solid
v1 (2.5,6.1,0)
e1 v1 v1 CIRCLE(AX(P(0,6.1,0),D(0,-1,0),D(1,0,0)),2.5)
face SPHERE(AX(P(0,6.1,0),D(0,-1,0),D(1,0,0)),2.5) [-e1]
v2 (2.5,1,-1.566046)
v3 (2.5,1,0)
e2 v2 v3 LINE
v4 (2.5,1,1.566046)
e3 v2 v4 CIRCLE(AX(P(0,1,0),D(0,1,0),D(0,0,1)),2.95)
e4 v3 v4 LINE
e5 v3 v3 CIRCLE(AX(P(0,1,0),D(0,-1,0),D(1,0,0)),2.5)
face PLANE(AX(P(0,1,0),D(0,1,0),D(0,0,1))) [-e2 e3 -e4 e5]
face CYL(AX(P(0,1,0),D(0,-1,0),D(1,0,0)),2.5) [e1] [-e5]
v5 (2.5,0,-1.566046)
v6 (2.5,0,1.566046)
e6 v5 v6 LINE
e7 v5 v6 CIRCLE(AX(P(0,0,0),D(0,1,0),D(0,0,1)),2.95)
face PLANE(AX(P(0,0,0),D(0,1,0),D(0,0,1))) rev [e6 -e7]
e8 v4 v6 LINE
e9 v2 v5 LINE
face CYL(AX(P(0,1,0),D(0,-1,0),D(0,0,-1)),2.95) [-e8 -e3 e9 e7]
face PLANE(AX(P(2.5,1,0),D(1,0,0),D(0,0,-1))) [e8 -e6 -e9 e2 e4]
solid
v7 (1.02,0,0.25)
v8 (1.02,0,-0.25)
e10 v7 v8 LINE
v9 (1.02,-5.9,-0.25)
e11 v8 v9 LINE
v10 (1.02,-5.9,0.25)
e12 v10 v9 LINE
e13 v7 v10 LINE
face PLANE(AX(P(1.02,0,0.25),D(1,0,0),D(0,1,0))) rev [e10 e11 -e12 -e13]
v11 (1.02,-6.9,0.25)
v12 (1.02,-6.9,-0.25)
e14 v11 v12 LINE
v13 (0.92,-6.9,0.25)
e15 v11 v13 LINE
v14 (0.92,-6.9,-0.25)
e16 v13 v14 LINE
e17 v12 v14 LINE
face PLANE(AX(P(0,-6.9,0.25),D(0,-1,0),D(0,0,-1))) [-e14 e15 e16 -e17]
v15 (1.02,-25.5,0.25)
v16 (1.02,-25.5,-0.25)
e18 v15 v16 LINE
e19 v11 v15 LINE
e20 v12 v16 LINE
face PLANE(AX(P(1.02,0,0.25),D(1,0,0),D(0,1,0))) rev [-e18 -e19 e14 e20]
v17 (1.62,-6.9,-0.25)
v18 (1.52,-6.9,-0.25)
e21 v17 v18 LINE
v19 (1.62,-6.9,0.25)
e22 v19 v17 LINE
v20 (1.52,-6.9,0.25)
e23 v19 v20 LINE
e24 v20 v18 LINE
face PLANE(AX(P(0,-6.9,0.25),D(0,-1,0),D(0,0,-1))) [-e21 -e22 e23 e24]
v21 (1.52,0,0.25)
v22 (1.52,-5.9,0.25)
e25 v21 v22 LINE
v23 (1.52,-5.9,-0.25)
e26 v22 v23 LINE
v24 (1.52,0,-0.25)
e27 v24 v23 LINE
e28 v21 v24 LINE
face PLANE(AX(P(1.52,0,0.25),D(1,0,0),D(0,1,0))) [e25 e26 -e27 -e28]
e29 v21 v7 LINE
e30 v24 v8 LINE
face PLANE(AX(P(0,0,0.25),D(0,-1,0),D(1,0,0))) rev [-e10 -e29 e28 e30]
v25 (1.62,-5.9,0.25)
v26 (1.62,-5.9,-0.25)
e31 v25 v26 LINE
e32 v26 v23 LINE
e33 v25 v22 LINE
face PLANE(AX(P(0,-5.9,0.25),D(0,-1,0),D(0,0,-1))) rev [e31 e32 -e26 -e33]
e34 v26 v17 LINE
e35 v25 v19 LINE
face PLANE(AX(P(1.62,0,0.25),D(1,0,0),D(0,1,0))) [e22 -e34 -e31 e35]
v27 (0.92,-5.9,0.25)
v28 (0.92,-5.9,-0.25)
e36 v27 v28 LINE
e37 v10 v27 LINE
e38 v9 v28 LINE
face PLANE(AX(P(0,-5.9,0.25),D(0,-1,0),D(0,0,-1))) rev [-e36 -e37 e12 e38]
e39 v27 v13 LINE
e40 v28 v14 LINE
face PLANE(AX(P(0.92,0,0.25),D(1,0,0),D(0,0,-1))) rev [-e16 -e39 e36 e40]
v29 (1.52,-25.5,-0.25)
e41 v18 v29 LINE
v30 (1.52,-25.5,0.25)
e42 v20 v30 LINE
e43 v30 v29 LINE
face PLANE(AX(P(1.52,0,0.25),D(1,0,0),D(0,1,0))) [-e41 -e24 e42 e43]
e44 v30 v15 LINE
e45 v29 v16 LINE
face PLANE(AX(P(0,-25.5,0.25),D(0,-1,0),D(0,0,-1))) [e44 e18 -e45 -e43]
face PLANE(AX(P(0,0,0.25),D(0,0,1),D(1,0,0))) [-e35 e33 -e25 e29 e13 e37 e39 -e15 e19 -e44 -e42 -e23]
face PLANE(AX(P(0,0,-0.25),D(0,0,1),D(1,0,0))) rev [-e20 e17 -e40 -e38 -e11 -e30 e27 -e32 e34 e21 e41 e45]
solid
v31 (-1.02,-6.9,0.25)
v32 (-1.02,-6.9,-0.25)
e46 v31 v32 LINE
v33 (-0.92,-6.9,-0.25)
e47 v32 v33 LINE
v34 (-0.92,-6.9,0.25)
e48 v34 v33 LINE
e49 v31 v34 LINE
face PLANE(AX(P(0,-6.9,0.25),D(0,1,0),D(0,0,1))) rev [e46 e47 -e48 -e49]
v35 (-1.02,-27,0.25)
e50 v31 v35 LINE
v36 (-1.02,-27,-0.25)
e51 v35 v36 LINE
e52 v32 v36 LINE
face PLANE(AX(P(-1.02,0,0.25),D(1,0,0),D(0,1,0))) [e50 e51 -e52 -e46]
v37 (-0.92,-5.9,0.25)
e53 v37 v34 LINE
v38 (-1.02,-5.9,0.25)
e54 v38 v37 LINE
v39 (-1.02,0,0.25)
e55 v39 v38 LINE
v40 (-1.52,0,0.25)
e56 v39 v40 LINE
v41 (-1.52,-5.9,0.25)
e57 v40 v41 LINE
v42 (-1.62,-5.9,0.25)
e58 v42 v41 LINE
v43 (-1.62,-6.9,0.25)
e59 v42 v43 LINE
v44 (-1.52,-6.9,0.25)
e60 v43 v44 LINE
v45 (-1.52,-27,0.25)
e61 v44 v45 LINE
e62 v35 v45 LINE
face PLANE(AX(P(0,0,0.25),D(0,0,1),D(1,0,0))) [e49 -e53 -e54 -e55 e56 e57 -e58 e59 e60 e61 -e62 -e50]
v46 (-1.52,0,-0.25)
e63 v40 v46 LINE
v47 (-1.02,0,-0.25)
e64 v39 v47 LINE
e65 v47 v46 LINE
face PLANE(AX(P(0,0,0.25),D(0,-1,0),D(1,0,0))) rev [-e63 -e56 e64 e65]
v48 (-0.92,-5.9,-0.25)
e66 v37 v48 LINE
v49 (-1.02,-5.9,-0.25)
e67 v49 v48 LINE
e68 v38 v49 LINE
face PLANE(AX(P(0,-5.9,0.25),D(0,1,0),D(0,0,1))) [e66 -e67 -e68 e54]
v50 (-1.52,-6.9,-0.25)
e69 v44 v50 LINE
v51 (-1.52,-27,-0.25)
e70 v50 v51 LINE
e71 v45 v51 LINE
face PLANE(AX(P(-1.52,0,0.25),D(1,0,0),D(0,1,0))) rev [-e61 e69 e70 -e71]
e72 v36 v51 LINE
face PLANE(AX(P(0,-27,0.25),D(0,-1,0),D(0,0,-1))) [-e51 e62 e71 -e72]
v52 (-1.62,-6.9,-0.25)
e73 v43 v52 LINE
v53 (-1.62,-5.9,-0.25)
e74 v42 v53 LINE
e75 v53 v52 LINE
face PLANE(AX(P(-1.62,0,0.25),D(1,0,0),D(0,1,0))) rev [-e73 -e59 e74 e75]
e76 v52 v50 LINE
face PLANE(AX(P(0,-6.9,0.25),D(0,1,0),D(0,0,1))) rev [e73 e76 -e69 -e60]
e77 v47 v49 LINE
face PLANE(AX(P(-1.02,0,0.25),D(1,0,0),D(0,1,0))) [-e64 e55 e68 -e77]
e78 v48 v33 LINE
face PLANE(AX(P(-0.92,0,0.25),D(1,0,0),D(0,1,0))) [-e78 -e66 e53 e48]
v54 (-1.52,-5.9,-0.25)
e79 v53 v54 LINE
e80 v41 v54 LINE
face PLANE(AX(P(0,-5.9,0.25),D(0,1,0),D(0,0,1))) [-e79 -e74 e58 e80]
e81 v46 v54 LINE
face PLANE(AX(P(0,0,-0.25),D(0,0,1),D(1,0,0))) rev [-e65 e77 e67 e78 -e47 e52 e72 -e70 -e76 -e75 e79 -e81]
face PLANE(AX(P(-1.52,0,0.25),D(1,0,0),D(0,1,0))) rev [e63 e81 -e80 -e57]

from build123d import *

# Parameters (mm, degrees)
EXTRUDE2_DEPTH      = 1
SKETCH3_3_W         = 0.5
SKETCH3_3_H         = 5.9
SKETCH3_3_H_2       = 1
SKETCH3_3_H_3       = 20.1
SKETCH3_3_W_2       = 0.1
SKETCH3_3_H_4       = 18.6
LEADS_EXTRUDE_DEPTH = 0.25


with BuildPart() as part:
    # Sketch2 → Extrude2 (new body)
    with BuildSketch(Plane(origin=(0, 0, 0), x_dir=(1, 0, 0), z_dir=(0, 1, 0))):
        with BuildLine():
            Line((2.5, -1.566045976), (2.5, 1.566045976))
            ThreePointArc((2.5, 1.566045976), (-2.95, 0), (2.5, -1.566045976))
        make_face()
    extrude(amount=EXTRUDE2_DEPTH)

    # Sketch3 → Revolve1 (revolve)
    with BuildSketch(Plane.XY):
        with BuildLine():
            Line((0, 8.6), (0, 1))
            Line((0, 1), (2.5, 1))
            Line((2.5, 1), (2.5, 6.1))
            ThreePointArc((2.5, 6.1), (1.767766953, 7.867766953), (0, 8.6))
        make_face()
    revolve(axis=Axis((0, 1, 0), (0, 1, 0)))


with BuildPart() as body_2:
    # Sketch3_3 → leads_extrude (new body, symmetric)
    with BuildSketch(Plane.XY):
        with Locations((-1.27, -2.95)):
            Rectangle(SKETCH3_3_W, SKETCH3_3_H)
        with Locations((-1.27, -6.4)):
            Rectangle(SKETCH3_3_W, SKETCH3_3_H_2)
        with Locations((-1.27, -16.95)):
            Rectangle(SKETCH3_3_W, SKETCH3_3_H_3)
        with Locations((-0.97, -6.4)):
            Rectangle(SKETCH3_3_W_2, SKETCH3_3_H_2)
        with Locations((-1.57, -6.4)):
            Rectangle(SKETCH3_3_W_2, SKETCH3_3_H_2)
        with Locations((1.27, -2.95)):
            Rectangle(SKETCH3_3_W, SKETCH3_3_H)
        with Locations((1.27, -6.4)):
            Rectangle(SKETCH3_3_W, SKETCH3_3_H_2)
        with Locations((0.97, -6.4)):
            Rectangle(SKETCH3_3_W_2, SKETCH3_3_H_2)
        with Locations((1.57, -6.4)):
            Rectangle(SKETCH3_3_W_2, SKETCH3_3_H_2)
        with Locations((1.27, -16.2)):
            Rectangle(SKETCH3_3_W, SKETCH3_3_H_4)
    extrude(amount=LEADS_EXTRUDE_DEPTH, both=True)


solid = Compound([part.part, body_2.part])
